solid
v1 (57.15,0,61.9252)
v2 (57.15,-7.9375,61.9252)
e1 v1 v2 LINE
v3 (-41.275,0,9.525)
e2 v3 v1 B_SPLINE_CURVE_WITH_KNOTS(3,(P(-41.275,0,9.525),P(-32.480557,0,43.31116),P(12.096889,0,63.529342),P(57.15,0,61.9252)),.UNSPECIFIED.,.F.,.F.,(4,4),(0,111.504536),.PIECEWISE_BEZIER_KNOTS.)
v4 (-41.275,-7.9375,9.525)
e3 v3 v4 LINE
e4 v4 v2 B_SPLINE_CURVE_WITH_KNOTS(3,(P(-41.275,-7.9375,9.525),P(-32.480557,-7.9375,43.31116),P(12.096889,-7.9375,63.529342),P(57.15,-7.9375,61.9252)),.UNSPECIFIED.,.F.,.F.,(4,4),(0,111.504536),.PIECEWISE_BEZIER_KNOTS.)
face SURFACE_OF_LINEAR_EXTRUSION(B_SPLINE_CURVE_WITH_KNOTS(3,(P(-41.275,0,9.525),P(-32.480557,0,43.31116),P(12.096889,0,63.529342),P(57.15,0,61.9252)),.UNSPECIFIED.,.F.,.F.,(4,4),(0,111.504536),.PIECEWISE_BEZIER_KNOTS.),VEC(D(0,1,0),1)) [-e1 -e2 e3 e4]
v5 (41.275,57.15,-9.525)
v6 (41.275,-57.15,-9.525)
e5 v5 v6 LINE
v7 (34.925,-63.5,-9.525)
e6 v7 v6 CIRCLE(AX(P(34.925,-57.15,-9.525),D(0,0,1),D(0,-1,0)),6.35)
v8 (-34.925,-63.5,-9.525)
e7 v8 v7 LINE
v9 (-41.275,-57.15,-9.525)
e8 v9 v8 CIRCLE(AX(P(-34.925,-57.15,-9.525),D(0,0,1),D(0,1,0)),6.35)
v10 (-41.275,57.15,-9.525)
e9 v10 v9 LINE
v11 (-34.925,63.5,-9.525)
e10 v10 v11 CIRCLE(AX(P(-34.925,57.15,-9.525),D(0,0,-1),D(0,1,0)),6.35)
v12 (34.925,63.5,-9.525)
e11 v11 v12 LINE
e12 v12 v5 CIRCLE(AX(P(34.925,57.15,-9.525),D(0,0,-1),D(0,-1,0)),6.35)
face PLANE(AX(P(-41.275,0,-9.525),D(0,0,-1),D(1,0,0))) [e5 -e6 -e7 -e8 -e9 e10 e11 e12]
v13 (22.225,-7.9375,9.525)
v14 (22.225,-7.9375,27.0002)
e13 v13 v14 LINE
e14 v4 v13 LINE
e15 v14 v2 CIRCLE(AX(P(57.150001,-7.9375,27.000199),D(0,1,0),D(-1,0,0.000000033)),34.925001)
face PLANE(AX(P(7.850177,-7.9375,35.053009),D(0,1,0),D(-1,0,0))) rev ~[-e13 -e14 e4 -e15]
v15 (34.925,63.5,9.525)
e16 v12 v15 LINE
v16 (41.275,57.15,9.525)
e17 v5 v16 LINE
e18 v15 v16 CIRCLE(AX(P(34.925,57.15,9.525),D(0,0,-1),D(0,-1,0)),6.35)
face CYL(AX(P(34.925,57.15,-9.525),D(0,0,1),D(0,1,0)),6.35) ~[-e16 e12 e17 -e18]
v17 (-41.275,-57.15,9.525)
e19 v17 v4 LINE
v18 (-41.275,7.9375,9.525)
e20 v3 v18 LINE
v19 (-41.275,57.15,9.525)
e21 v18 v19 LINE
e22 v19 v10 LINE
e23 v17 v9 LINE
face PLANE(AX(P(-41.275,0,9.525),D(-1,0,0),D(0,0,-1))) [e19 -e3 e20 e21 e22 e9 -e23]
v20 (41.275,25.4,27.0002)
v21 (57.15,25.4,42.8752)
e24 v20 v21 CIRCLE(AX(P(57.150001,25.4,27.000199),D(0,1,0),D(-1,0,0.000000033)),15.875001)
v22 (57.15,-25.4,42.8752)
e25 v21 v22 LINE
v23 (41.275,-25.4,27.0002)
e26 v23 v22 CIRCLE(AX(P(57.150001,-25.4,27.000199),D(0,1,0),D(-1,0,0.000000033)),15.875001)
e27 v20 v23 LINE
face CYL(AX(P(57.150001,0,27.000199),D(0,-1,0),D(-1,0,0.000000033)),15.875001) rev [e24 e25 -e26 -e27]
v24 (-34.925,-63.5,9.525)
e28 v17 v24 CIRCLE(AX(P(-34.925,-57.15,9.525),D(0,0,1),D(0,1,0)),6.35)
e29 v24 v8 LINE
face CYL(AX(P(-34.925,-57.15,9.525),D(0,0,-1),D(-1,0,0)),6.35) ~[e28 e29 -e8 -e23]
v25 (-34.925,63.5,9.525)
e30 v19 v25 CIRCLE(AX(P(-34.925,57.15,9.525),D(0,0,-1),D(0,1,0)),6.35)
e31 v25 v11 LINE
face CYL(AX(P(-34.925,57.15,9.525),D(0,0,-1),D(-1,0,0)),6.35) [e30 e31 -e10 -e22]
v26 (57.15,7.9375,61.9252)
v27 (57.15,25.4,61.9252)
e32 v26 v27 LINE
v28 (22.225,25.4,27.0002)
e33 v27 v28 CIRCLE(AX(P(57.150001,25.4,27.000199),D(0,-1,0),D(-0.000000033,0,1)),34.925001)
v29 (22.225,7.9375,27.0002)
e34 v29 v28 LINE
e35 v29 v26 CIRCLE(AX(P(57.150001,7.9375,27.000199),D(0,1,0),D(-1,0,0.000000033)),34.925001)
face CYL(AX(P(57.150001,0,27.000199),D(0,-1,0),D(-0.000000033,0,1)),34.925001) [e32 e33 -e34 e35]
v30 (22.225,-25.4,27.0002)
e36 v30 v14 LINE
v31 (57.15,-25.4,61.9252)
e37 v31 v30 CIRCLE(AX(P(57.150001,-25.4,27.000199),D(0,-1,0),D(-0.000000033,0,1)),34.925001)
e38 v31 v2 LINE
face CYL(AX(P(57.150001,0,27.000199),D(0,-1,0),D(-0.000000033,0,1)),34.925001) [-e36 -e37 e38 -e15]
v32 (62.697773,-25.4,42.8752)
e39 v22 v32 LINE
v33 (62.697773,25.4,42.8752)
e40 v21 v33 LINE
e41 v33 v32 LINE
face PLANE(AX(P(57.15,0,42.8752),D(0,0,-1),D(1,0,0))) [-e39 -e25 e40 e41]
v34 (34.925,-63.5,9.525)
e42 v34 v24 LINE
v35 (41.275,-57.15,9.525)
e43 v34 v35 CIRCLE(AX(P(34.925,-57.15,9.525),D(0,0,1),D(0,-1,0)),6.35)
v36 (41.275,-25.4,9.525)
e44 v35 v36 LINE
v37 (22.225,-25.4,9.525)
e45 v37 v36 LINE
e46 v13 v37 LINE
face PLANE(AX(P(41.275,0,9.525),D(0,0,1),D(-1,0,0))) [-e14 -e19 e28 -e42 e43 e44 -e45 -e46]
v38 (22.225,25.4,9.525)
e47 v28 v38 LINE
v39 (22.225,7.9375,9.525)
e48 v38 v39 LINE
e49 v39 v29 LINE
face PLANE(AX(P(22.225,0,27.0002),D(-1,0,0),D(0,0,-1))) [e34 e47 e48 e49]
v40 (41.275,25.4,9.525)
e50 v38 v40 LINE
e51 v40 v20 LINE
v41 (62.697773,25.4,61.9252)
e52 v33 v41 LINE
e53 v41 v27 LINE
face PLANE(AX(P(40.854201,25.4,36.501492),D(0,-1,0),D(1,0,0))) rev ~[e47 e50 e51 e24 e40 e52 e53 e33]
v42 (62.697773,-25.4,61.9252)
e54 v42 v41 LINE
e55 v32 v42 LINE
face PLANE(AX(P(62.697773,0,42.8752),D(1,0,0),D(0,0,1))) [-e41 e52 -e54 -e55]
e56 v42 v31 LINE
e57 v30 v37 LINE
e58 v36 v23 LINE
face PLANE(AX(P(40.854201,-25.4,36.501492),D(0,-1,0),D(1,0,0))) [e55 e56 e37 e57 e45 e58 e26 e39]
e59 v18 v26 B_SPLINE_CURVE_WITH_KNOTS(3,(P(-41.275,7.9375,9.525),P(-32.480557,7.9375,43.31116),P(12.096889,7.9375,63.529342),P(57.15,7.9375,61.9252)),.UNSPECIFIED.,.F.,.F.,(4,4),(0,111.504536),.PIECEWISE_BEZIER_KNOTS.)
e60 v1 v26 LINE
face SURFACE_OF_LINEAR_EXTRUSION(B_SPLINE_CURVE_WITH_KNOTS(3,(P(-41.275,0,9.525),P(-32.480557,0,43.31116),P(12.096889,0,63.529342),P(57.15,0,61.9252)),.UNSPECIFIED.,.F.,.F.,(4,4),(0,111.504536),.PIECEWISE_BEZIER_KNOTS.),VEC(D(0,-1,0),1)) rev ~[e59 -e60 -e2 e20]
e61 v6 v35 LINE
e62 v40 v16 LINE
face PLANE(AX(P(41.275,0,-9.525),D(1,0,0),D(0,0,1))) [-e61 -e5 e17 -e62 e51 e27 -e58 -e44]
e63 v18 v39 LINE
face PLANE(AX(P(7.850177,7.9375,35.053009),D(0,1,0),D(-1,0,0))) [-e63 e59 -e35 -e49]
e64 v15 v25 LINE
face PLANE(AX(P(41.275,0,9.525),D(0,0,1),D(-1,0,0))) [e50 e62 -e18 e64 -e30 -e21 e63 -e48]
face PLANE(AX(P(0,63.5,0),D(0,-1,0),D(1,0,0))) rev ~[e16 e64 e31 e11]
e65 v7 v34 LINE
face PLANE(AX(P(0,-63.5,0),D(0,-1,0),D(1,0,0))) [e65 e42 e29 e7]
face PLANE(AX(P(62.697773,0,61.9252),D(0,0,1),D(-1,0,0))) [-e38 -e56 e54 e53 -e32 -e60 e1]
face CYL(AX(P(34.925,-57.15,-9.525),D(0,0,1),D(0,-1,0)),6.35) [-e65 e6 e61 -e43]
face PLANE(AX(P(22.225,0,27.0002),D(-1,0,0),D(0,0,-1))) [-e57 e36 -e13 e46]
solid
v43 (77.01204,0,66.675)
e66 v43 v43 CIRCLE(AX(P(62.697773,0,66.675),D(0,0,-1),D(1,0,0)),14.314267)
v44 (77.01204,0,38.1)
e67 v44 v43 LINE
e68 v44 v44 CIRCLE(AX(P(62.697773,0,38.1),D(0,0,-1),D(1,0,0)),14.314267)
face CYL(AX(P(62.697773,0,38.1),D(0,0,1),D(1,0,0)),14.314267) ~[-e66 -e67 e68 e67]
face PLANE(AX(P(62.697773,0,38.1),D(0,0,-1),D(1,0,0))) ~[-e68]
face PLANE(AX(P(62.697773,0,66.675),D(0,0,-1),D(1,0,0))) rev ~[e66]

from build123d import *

# Parameters (mm, degrees)
F1_DEPTH = 63.5
F2_DEPTH = 25.4
F3_DEPTH = 7.9375
F5_R     = 6.35


with BuildPart() as f1:
    # F0 (on Front) → F1 (new body, symmetric)
    with BuildSketch(Plane.XZ):
        Polygon((22.225, 9.525), (-41.275, 9.525), (-41.275, -9.525), (41.275, -9.525), (41.275, 9.525), align=None)
    extrude(amount=F1_DEPTH, both=True)

    # F0 (on Front) → F2 (join, symmetric)
    with BuildSketch(Plane.XZ):
        with BuildLine():
            Line((22.225, 27.0002), (22.225, 9.525))
            Line((22.225, 9.525), (41.275, 9.525))
            Line((41.275, 9.525), (41.275, 27.0002))
            ThreePointArc((41.275, 27.0002), (45.92468, 38.22552), (57.15, 42.8752))
            Line((57.15, 42.8752), (62.697773, 42.8752))
            Line((62.697773, 42.8752), (62.697773, 61.9252))
            Line((62.697773, 61.9252), (57.15, 61.9252))
            ThreePointArc((57.15, 61.9252), (32.454296, 51.695904), (22.225, 27.0002))
        make_face()
    extrude(amount=F2_DEPTH, both=True)

    # F0 (on Front) → F3 (join, symmetric)
    with BuildSketch(Plane.XZ):
        with BuildLine():
            add(Edge.make_bspline(
                [(-41.275, 9.525), (-32.480557, 43.31116), (12.096889, 63.529342), (57.15, 61.9252)],
                knots=[0, 0, 0, 0, 111.504536, 111.504536, 111.504536, 111.504536], degree=3))
            Line((-41.275, 9.525), (22.225, 9.525))
            Line((22.225, 9.525), (22.225, 27.0002))
            ThreePointArc((22.225, 27.0002), (32.454296, 51.695904), (57.15, 61.9252))
        make_face()
    extrude(amount=F3_DEPTH, both=True)

    # F5
    f5_edges = [f1.edges().sort_by_distance(p)[0] for p in [
        (-41.275, -63.5, 0),
        (41.275, -63.5, 0),
        (41.275, 63.5, 0),
        (-41.275, 63.5, 0),
    ]]
    fillet(f5_edges, radius=F5_R)


with BuildPart() as f4:
    # F0 (on Front) → F4 (revolve)
    with BuildSketch(Plane.XZ):
        Polygon((62.697773, 66.675), (62.697773, 61.9252), (62.697773, 42.8752), (62.697773, 38.1), (77.01204, 38.1), (77.01204, 66.675), align=None)
    revolve(axis=Axis((62.697773, 0, 52.3875), (0, 0, -1)))


solid = Compound([f1.part, f4.part])
